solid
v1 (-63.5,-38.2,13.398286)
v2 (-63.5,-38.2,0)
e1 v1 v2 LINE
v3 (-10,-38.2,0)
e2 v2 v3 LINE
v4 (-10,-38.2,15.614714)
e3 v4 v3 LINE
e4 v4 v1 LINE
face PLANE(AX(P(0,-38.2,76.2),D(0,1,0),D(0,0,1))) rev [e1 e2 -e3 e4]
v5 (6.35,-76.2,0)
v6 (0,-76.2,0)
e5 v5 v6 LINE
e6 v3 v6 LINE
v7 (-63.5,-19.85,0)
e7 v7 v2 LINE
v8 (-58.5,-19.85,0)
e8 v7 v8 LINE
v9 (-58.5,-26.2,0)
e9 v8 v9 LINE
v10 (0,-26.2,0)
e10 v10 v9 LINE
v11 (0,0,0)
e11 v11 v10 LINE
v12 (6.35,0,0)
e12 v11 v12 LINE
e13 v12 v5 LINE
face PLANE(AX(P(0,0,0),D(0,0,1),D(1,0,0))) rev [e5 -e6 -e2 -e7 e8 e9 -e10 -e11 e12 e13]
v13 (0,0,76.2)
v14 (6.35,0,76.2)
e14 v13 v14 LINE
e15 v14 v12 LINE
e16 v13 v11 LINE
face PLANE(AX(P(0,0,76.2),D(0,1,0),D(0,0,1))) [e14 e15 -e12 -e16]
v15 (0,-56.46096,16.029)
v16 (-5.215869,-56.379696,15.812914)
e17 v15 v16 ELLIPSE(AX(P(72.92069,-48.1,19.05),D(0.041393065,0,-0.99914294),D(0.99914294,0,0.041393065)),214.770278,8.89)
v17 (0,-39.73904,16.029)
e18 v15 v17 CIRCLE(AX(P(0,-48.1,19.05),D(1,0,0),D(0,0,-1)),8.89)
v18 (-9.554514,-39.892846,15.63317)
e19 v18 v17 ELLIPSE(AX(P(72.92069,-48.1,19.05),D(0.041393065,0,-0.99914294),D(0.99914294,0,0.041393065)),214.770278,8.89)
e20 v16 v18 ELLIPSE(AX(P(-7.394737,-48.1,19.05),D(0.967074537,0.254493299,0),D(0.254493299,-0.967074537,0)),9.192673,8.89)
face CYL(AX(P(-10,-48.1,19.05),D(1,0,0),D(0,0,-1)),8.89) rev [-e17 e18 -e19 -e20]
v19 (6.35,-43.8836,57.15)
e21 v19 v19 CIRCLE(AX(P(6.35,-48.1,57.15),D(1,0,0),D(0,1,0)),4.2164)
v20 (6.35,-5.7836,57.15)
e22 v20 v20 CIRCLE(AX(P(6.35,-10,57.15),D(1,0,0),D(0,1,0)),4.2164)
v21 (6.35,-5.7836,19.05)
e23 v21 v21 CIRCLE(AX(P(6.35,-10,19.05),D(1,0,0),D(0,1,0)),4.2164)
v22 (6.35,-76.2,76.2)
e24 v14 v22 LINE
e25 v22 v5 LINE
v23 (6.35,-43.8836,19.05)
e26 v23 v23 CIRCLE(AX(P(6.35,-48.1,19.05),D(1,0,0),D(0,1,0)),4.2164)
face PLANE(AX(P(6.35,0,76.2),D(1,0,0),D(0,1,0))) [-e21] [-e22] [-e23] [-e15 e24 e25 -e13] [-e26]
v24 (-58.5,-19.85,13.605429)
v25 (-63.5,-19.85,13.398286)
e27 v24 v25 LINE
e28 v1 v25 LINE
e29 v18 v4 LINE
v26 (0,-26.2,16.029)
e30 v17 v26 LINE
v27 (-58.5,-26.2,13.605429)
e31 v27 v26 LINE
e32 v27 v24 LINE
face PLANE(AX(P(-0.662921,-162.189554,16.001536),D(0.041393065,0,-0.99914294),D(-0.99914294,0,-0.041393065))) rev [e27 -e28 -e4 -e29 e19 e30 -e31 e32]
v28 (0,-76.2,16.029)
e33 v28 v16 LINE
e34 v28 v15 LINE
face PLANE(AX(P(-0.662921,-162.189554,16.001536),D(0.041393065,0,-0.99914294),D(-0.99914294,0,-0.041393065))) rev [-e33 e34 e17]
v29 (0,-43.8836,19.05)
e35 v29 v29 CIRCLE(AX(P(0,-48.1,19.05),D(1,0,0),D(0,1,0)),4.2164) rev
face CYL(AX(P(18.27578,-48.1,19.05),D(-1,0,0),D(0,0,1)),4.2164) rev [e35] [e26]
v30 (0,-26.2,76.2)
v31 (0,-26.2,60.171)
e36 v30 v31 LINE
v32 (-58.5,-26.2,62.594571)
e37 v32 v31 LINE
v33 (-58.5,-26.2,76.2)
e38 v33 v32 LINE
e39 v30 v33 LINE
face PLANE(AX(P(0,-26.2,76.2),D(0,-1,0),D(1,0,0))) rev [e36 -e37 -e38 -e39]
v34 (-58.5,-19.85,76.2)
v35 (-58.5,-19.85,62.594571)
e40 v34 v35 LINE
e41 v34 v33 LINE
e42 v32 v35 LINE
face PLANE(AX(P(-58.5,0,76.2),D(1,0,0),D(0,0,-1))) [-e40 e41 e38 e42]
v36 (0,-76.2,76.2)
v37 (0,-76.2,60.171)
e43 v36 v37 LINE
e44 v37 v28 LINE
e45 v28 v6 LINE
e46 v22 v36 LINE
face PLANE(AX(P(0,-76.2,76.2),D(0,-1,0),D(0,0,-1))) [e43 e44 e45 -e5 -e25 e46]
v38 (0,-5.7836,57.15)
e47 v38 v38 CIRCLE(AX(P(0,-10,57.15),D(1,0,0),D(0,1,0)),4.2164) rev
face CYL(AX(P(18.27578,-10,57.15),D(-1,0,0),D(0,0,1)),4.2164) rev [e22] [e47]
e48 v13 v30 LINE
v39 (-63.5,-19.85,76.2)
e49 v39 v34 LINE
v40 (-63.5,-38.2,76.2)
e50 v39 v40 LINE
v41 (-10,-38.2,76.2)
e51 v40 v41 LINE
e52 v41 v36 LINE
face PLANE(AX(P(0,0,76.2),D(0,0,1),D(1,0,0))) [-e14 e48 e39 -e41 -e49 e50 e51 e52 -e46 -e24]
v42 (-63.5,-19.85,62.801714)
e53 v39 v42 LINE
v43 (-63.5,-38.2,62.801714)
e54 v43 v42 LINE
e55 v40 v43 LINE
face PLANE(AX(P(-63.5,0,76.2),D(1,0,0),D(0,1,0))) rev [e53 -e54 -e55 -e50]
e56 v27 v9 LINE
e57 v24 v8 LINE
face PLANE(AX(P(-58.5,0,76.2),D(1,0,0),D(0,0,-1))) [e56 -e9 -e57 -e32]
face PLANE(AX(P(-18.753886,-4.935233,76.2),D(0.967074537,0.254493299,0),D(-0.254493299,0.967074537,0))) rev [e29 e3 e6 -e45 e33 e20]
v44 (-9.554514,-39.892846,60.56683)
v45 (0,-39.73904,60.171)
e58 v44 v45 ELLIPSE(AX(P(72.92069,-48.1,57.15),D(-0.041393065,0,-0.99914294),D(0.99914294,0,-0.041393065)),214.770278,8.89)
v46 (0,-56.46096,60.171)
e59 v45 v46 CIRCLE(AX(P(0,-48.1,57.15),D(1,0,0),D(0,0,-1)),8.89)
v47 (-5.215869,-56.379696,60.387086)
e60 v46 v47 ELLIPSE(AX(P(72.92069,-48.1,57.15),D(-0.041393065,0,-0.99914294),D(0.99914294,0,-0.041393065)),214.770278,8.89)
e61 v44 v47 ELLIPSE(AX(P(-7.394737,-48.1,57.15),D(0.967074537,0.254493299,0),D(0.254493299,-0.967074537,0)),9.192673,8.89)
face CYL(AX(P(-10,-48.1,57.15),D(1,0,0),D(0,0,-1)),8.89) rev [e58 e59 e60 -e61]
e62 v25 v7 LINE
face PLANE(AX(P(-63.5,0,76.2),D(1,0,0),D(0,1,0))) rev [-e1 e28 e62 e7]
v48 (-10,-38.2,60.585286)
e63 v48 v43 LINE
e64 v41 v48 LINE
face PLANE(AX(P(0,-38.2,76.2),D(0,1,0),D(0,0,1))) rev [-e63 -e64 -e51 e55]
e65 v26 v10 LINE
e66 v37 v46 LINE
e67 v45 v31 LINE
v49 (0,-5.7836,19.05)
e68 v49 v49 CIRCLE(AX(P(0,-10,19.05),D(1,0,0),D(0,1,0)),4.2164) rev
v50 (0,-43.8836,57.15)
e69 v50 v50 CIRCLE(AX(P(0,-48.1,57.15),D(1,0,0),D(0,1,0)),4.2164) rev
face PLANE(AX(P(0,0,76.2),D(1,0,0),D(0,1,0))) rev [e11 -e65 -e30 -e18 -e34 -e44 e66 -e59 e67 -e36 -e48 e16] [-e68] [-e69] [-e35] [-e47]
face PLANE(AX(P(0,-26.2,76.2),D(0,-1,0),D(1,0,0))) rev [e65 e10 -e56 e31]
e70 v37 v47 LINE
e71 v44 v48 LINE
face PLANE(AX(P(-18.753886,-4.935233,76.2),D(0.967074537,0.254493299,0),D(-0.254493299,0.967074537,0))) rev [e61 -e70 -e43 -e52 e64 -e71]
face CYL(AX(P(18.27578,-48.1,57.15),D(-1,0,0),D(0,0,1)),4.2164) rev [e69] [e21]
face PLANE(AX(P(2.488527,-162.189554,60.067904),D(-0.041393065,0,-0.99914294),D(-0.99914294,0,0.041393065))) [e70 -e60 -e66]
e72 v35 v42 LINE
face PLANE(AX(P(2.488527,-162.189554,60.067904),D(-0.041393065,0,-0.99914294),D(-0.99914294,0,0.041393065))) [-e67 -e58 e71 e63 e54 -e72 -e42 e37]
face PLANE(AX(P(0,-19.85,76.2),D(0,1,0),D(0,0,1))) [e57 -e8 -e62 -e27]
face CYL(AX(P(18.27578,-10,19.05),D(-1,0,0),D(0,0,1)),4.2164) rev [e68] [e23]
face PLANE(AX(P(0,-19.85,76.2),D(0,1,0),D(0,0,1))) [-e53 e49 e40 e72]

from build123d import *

# Parameters (mm, degrees)
BOSS_EXTRUDE1_DEPTH     = 76.2
SKETCH2_W               = 70
SKETCH2_H               = 43.942
CUT_EXTRUDE1_DEPTH      = 76.2
SKETCH3_R               = 4.2164
CUT_EXTRUDE2_DEPTH      = 6.35
CUT_EXTRUDE2_DEPTH_BACK = 58.5
SKETCH3_3_R             = 8.89
SKETCH3_3_R_2           = 4.2164
CUT_EXTRUDE3_DEPTH      = 10


with BuildPart() as part:
    # Sketch1 → Boss-Extrude1 (new body)
    with BuildSketch(Plane.XY):
        Polygon((6.35, 0), (0, 0), (0, -26.2), (-58.5, -26.2), (-58.5, -19.85), (-63.5, -19.85), (-63.5, -38.2), (-10, -38.2), (0, -76.2), (6.35, -76.2), align=None)
    extrude(amount=BOSS_EXTRUDE1_DEPTH)

    # Sketch2 → Cut-Extrude1 (cut)
    with BuildSketch(Plane(origin=(0, 0, 0), x_dir=(1, 0, 0), z_dir=(0, 1, 0))):
        Polygon((0, -16.129), (0, -16.029), (-70, -13.129), (-70, -16.129), align=None)
        with Locations((-35, -38.1)):
            Rectangle(SKETCH2_W, SKETCH2_H)
        Polygon((0, -60.171), (-70, -63.071), (-70, -60.071), (0, -60.071), align=None)
    extrude(amount=-CUT_EXTRUDE1_DEPTH, mode=Mode.SUBTRACT)

    # Sketch3 → Cut-Extrude2 (cut, two sides)
    with BuildSketch(Plane(origin=(0, 0, 0), x_dir=(0, 0, -1), z_dir=(1, 0, 0))) as cut_extrude2_sk:
        with Locations((-19.05, -10)):
            Circle(SKETCH3_R)
        with Locations((-57.15, -10)):
            Circle(SKETCH3_R)
        with Locations((-57.15, -48.1)):
            Circle(SKETCH3_R)
        with Locations((-19.05, -48.1)):
            Circle(SKETCH3_R)
    extrude(amount=CUT_EXTRUDE2_DEPTH, mode=Mode.SUBTRACT)
    extrude(cut_extrude2_sk.sketch, amount=-CUT_EXTRUDE2_DEPTH_BACK, mode=Mode.SUBTRACT)

    # Sketch3<3> → Cut-Extrude3 (cut)
    with BuildSketch(Plane(origin=(0, 0, 0), x_dir=(0, 0, -1), z_dir=(1, 0, 0))):
        with Locations((-19.05, -48.1)):
            Circle(SKETCH3_3_R)
        with Locations((-19.05, -48.1)):
            Circle(SKETCH3_3_R_2, mode=Mode.SUBTRACT)
        with Locations((-57.15, -48.1)):
            Circle(SKETCH3_3_R)
        with Locations((-57.15, -48.1)):
            Circle(SKETCH3_3_R_2, mode=Mode.SUBTRACT)
    extrude(amount=-CUT_EXTRUDE3_DEPTH, mode=Mode.SUBTRACT)


solid = part.part
